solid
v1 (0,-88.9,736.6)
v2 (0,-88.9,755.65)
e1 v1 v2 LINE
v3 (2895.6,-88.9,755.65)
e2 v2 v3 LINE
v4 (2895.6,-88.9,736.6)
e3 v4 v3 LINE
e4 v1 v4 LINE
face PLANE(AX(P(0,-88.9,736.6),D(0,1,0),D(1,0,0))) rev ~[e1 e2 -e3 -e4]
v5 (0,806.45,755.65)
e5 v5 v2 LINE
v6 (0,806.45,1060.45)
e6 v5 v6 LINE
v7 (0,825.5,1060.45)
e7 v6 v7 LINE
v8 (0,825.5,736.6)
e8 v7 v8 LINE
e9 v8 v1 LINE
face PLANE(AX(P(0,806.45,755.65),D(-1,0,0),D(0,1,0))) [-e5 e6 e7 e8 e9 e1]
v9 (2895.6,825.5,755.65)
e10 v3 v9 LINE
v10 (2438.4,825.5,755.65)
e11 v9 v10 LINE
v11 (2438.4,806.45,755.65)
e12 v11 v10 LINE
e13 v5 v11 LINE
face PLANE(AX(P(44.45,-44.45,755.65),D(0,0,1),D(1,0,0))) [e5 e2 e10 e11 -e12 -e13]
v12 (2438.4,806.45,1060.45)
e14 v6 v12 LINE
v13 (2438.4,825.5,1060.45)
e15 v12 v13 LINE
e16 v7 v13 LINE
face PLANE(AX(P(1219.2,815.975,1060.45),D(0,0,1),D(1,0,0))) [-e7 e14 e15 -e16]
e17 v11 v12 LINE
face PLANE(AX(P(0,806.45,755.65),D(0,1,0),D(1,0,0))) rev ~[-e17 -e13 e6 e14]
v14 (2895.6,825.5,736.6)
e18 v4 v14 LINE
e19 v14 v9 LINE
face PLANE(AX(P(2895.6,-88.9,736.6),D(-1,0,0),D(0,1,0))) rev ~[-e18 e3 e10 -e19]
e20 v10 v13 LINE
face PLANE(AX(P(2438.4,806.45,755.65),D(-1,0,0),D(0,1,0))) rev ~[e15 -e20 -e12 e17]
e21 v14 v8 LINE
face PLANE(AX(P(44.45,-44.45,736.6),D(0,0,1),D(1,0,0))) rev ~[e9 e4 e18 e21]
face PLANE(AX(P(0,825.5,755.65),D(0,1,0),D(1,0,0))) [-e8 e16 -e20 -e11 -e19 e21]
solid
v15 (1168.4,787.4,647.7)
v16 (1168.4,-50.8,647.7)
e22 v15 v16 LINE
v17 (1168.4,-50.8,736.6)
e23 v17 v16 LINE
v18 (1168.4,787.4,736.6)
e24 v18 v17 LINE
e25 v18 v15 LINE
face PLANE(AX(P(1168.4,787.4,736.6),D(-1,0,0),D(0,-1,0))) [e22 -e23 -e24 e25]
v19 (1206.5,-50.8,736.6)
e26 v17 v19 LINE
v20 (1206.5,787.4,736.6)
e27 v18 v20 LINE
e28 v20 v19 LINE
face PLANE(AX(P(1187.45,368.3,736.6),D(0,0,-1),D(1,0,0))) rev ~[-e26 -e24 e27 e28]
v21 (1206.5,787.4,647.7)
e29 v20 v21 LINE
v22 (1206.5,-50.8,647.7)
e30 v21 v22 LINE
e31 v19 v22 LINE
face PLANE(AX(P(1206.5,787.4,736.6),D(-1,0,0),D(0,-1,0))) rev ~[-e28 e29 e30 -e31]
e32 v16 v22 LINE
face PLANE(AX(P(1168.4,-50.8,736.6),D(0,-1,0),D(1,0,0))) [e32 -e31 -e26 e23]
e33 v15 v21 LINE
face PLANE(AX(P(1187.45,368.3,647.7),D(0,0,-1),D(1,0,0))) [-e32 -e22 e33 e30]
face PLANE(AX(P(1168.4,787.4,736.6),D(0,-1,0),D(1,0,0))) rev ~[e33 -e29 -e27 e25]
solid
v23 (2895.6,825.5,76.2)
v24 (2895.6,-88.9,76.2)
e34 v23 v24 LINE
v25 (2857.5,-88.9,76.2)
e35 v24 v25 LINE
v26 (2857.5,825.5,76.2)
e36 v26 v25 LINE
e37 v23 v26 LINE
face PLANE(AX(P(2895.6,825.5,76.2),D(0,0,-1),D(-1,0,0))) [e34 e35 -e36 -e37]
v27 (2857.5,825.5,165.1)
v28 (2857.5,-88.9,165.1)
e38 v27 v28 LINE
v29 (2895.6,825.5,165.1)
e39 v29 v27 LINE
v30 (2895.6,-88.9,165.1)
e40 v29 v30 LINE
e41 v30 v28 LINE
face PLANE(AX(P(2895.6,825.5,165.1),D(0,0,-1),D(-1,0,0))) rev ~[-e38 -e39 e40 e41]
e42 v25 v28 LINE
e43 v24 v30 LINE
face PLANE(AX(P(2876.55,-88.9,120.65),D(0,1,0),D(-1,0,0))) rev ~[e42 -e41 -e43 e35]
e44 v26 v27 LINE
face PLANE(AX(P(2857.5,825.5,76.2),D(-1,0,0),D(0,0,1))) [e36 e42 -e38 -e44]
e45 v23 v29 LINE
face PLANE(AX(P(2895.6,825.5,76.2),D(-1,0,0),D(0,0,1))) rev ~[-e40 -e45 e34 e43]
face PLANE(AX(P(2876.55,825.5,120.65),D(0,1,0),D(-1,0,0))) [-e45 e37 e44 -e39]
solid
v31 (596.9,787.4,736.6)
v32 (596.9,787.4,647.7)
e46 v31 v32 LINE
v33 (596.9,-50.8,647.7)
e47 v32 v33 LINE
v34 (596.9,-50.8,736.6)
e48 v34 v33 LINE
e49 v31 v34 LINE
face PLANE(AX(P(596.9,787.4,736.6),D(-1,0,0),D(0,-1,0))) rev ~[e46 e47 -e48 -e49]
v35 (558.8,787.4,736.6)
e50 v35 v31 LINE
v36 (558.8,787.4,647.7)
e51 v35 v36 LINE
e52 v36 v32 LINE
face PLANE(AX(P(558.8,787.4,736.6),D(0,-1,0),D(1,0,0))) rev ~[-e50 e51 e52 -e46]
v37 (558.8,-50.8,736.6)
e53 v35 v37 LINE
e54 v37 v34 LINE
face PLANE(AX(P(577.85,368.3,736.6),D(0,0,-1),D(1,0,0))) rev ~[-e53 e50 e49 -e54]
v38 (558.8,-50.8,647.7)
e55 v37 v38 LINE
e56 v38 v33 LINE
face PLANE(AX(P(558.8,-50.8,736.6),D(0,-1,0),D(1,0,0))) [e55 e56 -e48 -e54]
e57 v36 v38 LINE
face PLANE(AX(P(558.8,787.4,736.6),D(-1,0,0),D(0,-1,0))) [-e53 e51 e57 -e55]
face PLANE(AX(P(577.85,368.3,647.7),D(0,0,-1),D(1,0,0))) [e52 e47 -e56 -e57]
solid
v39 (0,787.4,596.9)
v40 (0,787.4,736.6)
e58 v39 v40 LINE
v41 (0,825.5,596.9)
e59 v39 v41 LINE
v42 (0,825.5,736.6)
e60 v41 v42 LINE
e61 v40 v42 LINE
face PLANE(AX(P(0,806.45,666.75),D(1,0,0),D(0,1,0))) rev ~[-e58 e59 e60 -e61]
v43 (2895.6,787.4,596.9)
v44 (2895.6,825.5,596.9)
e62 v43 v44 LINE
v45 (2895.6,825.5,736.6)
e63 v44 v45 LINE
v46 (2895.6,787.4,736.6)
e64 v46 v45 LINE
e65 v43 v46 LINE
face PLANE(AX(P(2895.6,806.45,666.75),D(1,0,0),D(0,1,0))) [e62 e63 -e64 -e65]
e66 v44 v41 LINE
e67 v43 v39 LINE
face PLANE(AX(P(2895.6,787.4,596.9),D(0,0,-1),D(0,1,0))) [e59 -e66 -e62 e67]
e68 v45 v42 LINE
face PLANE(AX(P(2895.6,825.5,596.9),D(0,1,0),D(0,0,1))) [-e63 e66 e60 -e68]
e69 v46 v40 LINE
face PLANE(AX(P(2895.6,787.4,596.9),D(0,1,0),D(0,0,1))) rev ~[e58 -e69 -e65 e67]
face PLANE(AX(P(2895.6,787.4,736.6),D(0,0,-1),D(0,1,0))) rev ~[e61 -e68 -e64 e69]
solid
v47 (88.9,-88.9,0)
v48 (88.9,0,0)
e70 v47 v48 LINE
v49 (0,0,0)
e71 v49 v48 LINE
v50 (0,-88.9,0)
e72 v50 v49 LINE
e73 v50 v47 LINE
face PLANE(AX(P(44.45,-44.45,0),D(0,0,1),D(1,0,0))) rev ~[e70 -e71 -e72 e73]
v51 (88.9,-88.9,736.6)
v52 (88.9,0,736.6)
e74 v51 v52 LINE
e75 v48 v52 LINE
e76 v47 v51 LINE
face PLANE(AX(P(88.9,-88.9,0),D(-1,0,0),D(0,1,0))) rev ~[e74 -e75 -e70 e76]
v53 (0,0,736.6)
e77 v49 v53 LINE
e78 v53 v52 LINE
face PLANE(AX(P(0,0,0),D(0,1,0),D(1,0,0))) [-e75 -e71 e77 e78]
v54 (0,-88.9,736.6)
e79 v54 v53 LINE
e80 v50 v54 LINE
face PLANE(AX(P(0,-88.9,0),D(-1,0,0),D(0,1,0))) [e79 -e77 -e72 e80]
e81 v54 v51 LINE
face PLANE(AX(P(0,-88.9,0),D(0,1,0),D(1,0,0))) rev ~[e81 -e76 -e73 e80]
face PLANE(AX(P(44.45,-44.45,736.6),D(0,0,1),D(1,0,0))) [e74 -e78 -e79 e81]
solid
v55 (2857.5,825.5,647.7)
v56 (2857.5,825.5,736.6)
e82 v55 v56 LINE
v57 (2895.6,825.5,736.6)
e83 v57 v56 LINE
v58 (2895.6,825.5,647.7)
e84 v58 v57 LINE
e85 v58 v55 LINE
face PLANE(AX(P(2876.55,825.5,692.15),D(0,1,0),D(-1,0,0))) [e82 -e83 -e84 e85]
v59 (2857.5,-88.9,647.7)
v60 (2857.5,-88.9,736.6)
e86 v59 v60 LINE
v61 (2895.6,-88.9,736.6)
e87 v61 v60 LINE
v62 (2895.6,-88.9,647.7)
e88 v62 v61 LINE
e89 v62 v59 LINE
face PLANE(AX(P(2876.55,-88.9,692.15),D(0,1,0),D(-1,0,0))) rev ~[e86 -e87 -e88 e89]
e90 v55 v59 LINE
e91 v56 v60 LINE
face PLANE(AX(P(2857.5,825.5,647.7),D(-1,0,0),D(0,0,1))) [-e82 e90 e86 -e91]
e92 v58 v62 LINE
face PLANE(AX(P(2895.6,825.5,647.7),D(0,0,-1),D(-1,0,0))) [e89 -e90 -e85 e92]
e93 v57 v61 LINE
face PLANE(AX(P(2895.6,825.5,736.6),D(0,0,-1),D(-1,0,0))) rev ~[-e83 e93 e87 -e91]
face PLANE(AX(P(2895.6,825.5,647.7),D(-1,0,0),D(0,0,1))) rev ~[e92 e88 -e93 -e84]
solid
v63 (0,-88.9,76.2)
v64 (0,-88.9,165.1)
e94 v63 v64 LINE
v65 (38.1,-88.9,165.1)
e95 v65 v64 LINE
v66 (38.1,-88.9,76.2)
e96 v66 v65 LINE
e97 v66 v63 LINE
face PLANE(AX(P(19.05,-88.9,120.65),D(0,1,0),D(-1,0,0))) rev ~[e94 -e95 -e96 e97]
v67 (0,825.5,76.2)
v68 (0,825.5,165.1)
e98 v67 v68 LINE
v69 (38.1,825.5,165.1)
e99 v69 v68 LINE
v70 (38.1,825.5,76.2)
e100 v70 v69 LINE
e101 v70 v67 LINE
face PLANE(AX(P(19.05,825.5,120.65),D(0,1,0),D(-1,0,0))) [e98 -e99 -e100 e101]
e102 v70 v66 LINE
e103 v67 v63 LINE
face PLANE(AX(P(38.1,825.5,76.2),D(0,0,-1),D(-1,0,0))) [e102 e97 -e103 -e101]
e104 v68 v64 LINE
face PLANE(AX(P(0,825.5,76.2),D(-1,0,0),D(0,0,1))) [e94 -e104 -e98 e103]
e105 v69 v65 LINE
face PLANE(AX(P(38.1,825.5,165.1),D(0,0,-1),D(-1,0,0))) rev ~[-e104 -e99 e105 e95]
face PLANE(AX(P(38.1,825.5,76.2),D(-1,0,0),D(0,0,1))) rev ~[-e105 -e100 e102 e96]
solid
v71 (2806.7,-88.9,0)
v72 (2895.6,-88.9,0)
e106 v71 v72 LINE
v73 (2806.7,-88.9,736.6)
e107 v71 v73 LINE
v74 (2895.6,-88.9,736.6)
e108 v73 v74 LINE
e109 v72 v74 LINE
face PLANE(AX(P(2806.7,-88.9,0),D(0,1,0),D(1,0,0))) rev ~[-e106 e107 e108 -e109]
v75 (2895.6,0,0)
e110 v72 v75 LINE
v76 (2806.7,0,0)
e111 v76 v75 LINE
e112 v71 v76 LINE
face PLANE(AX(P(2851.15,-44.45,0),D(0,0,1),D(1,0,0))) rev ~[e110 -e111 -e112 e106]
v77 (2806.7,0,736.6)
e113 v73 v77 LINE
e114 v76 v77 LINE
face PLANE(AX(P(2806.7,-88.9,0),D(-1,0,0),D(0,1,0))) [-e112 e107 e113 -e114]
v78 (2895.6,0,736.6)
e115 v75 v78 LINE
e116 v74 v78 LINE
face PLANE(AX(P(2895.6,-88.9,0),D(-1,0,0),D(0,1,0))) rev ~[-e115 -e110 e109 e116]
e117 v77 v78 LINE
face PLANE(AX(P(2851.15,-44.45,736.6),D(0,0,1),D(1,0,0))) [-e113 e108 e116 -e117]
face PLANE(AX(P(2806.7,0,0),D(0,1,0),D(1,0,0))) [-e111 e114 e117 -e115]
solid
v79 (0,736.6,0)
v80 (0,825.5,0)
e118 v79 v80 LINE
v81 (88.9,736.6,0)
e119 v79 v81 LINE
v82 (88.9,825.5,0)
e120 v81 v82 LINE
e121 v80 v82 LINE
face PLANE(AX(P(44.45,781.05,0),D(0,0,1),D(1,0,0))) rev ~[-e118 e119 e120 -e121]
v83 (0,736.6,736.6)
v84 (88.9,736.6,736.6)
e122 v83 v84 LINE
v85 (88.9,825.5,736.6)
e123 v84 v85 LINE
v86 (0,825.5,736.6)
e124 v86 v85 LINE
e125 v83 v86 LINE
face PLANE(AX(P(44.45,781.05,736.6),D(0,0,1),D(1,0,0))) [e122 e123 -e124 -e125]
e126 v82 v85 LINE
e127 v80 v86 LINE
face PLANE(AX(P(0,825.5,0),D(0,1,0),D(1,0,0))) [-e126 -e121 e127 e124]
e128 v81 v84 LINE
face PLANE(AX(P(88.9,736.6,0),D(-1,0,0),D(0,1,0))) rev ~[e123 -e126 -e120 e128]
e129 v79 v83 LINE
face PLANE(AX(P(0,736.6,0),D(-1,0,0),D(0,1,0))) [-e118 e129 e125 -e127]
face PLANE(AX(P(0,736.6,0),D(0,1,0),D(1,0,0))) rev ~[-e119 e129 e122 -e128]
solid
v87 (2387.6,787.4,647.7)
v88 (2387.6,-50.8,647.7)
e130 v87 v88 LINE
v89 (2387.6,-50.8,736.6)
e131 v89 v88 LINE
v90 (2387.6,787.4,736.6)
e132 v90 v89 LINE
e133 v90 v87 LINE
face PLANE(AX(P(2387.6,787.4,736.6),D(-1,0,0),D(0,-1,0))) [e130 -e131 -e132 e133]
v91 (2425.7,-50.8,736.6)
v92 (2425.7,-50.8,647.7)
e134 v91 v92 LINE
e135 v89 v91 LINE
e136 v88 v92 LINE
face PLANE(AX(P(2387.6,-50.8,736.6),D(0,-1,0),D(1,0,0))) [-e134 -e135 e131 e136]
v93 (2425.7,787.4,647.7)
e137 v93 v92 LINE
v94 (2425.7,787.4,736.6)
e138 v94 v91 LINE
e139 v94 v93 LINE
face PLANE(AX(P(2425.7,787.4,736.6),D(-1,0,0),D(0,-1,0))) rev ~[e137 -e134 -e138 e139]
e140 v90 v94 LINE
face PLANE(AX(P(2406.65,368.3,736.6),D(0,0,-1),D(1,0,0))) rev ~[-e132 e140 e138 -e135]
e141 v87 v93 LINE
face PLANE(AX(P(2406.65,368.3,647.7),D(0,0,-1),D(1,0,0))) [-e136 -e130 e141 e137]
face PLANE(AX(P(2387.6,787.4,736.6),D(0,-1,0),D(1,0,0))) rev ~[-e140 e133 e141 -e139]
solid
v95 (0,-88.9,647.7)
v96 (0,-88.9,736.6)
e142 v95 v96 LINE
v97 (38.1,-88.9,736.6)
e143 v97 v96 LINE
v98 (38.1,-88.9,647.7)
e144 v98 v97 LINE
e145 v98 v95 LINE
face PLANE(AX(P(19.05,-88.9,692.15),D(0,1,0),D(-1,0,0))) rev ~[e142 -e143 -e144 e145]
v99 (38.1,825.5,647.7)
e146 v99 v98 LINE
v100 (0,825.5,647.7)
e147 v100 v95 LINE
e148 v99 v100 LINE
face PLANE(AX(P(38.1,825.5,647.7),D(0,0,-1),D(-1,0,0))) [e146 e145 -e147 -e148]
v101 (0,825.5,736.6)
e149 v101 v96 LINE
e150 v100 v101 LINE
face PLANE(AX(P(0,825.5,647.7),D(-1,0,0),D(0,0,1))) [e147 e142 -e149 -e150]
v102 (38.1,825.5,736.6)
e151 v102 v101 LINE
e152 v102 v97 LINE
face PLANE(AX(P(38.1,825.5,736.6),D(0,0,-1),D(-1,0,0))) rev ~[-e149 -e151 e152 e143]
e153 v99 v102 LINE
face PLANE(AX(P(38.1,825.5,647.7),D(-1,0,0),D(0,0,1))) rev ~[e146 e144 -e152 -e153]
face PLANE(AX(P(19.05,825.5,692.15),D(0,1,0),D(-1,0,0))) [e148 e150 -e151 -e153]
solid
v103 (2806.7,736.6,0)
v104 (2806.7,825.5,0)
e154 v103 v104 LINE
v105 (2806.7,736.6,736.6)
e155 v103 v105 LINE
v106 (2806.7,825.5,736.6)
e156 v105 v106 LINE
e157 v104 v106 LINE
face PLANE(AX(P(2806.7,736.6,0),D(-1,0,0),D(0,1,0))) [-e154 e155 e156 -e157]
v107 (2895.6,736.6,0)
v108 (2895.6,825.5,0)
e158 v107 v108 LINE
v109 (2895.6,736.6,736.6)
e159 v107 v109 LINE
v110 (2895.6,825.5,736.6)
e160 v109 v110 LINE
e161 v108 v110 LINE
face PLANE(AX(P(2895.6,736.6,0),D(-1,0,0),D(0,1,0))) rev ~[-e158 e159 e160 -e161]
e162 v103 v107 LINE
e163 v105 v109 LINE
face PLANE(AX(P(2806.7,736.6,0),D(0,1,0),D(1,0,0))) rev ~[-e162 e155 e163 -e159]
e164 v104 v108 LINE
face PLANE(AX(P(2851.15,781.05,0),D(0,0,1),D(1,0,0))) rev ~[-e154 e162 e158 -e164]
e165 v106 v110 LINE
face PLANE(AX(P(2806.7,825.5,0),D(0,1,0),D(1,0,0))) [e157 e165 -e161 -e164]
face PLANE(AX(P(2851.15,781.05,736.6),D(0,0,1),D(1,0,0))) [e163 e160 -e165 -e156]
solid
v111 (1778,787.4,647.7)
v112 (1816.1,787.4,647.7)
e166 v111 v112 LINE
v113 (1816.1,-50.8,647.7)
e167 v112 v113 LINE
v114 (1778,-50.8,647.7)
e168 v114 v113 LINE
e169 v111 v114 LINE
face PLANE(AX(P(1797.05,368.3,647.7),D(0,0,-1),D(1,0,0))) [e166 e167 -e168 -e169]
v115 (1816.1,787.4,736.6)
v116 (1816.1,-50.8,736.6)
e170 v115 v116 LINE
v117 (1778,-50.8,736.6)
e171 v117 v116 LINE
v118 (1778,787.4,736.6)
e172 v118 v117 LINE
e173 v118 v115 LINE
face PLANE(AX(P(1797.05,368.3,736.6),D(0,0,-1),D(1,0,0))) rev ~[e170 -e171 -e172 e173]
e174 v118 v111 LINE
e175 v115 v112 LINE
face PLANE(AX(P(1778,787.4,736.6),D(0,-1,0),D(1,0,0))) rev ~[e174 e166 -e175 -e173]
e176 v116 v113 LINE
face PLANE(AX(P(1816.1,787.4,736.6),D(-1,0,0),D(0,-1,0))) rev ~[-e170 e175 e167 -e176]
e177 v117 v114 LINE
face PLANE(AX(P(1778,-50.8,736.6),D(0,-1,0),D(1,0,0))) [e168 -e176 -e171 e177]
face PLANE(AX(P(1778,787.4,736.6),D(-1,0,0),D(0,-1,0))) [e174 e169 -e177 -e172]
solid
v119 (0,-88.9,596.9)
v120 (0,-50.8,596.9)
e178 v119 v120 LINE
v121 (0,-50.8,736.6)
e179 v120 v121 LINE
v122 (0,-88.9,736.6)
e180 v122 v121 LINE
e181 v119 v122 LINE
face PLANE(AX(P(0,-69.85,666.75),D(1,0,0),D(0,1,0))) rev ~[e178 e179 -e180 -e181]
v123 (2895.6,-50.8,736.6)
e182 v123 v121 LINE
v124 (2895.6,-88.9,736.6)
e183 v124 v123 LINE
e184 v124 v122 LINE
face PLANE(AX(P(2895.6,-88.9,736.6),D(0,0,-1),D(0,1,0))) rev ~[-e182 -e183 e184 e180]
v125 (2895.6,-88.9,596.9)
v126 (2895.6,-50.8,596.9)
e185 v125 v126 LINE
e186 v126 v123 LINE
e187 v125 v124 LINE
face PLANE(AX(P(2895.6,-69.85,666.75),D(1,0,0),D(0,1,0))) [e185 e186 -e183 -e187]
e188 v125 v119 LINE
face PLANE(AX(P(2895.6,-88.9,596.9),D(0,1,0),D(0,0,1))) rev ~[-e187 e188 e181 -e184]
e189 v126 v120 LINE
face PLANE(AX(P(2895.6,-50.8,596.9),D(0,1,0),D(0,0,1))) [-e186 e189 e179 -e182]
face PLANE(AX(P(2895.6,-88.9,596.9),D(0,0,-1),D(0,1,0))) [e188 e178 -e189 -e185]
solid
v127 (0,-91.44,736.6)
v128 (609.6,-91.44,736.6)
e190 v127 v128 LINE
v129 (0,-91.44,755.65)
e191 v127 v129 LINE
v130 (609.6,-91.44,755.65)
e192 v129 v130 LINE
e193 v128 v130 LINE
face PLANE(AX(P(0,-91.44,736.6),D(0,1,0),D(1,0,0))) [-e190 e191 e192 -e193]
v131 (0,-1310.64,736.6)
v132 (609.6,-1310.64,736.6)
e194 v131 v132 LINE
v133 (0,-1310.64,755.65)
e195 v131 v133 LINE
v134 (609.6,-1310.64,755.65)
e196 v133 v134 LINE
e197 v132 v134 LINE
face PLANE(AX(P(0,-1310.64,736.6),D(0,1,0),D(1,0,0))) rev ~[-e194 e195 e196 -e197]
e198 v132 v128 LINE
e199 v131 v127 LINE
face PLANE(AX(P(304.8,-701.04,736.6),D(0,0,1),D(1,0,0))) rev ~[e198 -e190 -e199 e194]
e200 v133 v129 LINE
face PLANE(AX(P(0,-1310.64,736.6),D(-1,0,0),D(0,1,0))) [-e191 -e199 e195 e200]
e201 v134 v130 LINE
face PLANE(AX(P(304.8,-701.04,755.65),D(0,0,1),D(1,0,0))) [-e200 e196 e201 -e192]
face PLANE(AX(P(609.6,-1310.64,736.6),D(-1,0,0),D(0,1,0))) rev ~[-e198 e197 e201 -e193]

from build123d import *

# Parameters (mm, degrees)
F0_W      = 88.9
F0_H      = 88.9
F1_DEPTH  = 736.6
F2_W      = 88.9
F2_H      = 88.9
F3_DEPTH  = 19.05
F2_W_2    = 609.6
F2_H_2    = 1219.2
F4_W      = 38.1
F4_H      = 88.9
F5_DEPTH  = 914.4
F6_W      = 38.1
F6_H      = 139.7
F7_DEPTH  = 2895.6
F8_W      = 38.1
F8_H      = 838.2
F9_DEPTH  = 88.9
F10_W     = 2438.4
F10_H     = 19.05
F11_DEPTH = 304.8


with BuildPart() as f1:
    # F0 (on Top) → F1 (new body)
    with BuildSketch(Plane.XY):
        with Locations((44.45, -44.45)):
            Rectangle(F0_W, F0_H)
    extrude(amount=F1_DEPTH)


with BuildPart() as f1b:
    # F0 (on Top) → F1, piece 2 (new body)
    with BuildSketch(Plane.XY):
        with Locations((44.45, 781.05)):
            Rectangle(F0_W, F0_H)
    extrude(amount=F1_DEPTH)


with BuildPart() as f1c:
    # F0 (on Top) → F1, piece 3 (new body)
    with BuildSketch(Plane.XY):
        with Locations((2851.15, -44.45)):
            Rectangle(F0_W, F0_H)
    extrude(amount=F1_DEPTH)


with BuildPart() as f1d:
    # F0 (on Top) → F1, piece 4 (new body)
    with BuildSketch(Plane.XY):
        with Locations((2851.15, 781.05)):
            Rectangle(F0_W, F0_H)
    extrude(amount=F1_DEPTH)


with BuildPart() as f3:
    # F2 (on face) → F3 (new body)
    with BuildSketch(Plane.XY.offset(736.6)):
        with Locations((44.45, -44.45)):
            Rectangle(F2_W, F2_H)
        Polygon((88.9, 0), (88.9, -88.9), (2895.6, -88.9), (2895.6, 825.5), (0, 825.5), (0, 0), align=None)
    extrude(amount=F3_DEPTH)

    # F10 (on face) → F11 (join)
    with BuildSketch(Plane.XY.offset(755.65)):
        with Locations((1219.2, 815.975)):
            Rectangle(F10_W, F10_H)
    extrude(amount=F11_DEPTH)


with BuildPart() as f3b:
    # F2 (on face) → F3, piece 2 (new body)
    with BuildSketch(Plane.XY.offset(736.6)):
        with Locations((304.8, -701.04)):
            Rectangle(F2_W_2, F2_H_2)
    extrude(amount=F3_DEPTH)


with BuildPart() as f5:
    # F4 (on face) → F5 (new body, through all)
    with BuildSketch(Plane(origin=(0, 825.5, 0), x_dir=(-1, 0, 0), z_dir=(0, 1, 0))):
        with Locations((-2876.55, 692.15)):
            Rectangle(F4_W, F4_H)
    extrude(amount=-F5_DEPTH)


with BuildPart() as f5b:
    # F4 (on face) → F5, piece 2 (new body, through all)
    with BuildSketch(Plane(origin=(0, 825.5, 0), x_dir=(-1, 0, 0), z_dir=(0, 1, 0))):
        with Locations((-2876.55, 120.65)):
            Rectangle(F4_W, F4_H)
    extrude(amount=-F5_DEPTH)


with BuildPart() as f5c:
    # F4 (on face) → F5, piece 3 (new body, through all)
    with BuildSketch(Plane(origin=(0, 825.5, 0), x_dir=(-1, 0, 0), z_dir=(0, 1, 0))):
        with Locations((-19.05, 692.15)):
            Rectangle(F4_W, F4_H)
    extrude(amount=-F5_DEPTH)


with BuildPart() as f5d:
    # F4 (on face) → F5, piece 4 (new body, through all)
    with BuildSketch(Plane(origin=(0, 825.5, 0), x_dir=(-1, 0, 0), z_dir=(0, 1, 0))):
        with Locations((-19.05, 120.65)):
            Rectangle(F4_W, F4_H)
    extrude(amount=-F5_DEPTH)


with BuildPart() as f7:
    # F6 (on face) → F7 (new body, through all)
    with BuildSketch(Plane.YZ.offset(2895.6)):
        with Locations((-69.85, 666.75)):
            Rectangle(F6_W, F6_H)
    extrude(amount=-F7_DEPTH)


with BuildPart() as f7b:
    # F6 (on face) → F7, piece 2 (new body, through all)
    with BuildSketch(Plane.YZ.offset(2895.6)):
        with Locations((806.45, 666.75)):
            Rectangle(F6_W, F6_H)
    extrude(amount=-F7_DEPTH)


with BuildPart() as f9:
    # F8 (on face) → F9 (new body)
    with BuildSketch(Plane(origin=(0, 0, 736.6), x_dir=(1, 0, 0), z_dir=(0, 0, -1))):
        with Locations((577.85, -368.3)):
            Rectangle(F8_W, F8_H)
    extrude(amount=F9_DEPTH)


with BuildPart() as f9b:
    # F8 (on face) → F9, piece 2 (new body)
    with BuildSketch(Plane(origin=(0, 0, 736.6), x_dir=(1, 0, 0), z_dir=(0, 0, -1))):
        with Locations((1187.45, -368.3)):
            Rectangle(F8_W, F8_H)
    extrude(amount=F9_DEPTH)


with BuildPart() as f9c:
    # F8 (on face) → F9, piece 3 (new body)
    with BuildSketch(Plane(origin=(0, 0, 736.6), x_dir=(1, 0, 0), z_dir=(0, 0, -1))):
        with Locations((1797.05, -368.3)):
            Rectangle(F8_W, F8_H)
    extrude(amount=F9_DEPTH)


with BuildPart() as f9d:
    # F8 (on face) → F9, piece 4 (new body)
    with BuildSketch(Plane(origin=(0, 0, 736.6), x_dir=(1, 0, 0), z_dir=(0, 0, -1))):
        with Locations((2406.65, -368.3)):
            Rectangle(F8_W, F8_H)
    extrude(amount=F9_DEPTH)


solid = Compound([f1.part, f1b.part, f1c.part, f1d.part, f3.part, f3b.part, f5.part, f5b.part, f5c.part, f5d.part, f7.part, f7b.part, f9.part, f9b.part, f9c.part, f9d.part])
